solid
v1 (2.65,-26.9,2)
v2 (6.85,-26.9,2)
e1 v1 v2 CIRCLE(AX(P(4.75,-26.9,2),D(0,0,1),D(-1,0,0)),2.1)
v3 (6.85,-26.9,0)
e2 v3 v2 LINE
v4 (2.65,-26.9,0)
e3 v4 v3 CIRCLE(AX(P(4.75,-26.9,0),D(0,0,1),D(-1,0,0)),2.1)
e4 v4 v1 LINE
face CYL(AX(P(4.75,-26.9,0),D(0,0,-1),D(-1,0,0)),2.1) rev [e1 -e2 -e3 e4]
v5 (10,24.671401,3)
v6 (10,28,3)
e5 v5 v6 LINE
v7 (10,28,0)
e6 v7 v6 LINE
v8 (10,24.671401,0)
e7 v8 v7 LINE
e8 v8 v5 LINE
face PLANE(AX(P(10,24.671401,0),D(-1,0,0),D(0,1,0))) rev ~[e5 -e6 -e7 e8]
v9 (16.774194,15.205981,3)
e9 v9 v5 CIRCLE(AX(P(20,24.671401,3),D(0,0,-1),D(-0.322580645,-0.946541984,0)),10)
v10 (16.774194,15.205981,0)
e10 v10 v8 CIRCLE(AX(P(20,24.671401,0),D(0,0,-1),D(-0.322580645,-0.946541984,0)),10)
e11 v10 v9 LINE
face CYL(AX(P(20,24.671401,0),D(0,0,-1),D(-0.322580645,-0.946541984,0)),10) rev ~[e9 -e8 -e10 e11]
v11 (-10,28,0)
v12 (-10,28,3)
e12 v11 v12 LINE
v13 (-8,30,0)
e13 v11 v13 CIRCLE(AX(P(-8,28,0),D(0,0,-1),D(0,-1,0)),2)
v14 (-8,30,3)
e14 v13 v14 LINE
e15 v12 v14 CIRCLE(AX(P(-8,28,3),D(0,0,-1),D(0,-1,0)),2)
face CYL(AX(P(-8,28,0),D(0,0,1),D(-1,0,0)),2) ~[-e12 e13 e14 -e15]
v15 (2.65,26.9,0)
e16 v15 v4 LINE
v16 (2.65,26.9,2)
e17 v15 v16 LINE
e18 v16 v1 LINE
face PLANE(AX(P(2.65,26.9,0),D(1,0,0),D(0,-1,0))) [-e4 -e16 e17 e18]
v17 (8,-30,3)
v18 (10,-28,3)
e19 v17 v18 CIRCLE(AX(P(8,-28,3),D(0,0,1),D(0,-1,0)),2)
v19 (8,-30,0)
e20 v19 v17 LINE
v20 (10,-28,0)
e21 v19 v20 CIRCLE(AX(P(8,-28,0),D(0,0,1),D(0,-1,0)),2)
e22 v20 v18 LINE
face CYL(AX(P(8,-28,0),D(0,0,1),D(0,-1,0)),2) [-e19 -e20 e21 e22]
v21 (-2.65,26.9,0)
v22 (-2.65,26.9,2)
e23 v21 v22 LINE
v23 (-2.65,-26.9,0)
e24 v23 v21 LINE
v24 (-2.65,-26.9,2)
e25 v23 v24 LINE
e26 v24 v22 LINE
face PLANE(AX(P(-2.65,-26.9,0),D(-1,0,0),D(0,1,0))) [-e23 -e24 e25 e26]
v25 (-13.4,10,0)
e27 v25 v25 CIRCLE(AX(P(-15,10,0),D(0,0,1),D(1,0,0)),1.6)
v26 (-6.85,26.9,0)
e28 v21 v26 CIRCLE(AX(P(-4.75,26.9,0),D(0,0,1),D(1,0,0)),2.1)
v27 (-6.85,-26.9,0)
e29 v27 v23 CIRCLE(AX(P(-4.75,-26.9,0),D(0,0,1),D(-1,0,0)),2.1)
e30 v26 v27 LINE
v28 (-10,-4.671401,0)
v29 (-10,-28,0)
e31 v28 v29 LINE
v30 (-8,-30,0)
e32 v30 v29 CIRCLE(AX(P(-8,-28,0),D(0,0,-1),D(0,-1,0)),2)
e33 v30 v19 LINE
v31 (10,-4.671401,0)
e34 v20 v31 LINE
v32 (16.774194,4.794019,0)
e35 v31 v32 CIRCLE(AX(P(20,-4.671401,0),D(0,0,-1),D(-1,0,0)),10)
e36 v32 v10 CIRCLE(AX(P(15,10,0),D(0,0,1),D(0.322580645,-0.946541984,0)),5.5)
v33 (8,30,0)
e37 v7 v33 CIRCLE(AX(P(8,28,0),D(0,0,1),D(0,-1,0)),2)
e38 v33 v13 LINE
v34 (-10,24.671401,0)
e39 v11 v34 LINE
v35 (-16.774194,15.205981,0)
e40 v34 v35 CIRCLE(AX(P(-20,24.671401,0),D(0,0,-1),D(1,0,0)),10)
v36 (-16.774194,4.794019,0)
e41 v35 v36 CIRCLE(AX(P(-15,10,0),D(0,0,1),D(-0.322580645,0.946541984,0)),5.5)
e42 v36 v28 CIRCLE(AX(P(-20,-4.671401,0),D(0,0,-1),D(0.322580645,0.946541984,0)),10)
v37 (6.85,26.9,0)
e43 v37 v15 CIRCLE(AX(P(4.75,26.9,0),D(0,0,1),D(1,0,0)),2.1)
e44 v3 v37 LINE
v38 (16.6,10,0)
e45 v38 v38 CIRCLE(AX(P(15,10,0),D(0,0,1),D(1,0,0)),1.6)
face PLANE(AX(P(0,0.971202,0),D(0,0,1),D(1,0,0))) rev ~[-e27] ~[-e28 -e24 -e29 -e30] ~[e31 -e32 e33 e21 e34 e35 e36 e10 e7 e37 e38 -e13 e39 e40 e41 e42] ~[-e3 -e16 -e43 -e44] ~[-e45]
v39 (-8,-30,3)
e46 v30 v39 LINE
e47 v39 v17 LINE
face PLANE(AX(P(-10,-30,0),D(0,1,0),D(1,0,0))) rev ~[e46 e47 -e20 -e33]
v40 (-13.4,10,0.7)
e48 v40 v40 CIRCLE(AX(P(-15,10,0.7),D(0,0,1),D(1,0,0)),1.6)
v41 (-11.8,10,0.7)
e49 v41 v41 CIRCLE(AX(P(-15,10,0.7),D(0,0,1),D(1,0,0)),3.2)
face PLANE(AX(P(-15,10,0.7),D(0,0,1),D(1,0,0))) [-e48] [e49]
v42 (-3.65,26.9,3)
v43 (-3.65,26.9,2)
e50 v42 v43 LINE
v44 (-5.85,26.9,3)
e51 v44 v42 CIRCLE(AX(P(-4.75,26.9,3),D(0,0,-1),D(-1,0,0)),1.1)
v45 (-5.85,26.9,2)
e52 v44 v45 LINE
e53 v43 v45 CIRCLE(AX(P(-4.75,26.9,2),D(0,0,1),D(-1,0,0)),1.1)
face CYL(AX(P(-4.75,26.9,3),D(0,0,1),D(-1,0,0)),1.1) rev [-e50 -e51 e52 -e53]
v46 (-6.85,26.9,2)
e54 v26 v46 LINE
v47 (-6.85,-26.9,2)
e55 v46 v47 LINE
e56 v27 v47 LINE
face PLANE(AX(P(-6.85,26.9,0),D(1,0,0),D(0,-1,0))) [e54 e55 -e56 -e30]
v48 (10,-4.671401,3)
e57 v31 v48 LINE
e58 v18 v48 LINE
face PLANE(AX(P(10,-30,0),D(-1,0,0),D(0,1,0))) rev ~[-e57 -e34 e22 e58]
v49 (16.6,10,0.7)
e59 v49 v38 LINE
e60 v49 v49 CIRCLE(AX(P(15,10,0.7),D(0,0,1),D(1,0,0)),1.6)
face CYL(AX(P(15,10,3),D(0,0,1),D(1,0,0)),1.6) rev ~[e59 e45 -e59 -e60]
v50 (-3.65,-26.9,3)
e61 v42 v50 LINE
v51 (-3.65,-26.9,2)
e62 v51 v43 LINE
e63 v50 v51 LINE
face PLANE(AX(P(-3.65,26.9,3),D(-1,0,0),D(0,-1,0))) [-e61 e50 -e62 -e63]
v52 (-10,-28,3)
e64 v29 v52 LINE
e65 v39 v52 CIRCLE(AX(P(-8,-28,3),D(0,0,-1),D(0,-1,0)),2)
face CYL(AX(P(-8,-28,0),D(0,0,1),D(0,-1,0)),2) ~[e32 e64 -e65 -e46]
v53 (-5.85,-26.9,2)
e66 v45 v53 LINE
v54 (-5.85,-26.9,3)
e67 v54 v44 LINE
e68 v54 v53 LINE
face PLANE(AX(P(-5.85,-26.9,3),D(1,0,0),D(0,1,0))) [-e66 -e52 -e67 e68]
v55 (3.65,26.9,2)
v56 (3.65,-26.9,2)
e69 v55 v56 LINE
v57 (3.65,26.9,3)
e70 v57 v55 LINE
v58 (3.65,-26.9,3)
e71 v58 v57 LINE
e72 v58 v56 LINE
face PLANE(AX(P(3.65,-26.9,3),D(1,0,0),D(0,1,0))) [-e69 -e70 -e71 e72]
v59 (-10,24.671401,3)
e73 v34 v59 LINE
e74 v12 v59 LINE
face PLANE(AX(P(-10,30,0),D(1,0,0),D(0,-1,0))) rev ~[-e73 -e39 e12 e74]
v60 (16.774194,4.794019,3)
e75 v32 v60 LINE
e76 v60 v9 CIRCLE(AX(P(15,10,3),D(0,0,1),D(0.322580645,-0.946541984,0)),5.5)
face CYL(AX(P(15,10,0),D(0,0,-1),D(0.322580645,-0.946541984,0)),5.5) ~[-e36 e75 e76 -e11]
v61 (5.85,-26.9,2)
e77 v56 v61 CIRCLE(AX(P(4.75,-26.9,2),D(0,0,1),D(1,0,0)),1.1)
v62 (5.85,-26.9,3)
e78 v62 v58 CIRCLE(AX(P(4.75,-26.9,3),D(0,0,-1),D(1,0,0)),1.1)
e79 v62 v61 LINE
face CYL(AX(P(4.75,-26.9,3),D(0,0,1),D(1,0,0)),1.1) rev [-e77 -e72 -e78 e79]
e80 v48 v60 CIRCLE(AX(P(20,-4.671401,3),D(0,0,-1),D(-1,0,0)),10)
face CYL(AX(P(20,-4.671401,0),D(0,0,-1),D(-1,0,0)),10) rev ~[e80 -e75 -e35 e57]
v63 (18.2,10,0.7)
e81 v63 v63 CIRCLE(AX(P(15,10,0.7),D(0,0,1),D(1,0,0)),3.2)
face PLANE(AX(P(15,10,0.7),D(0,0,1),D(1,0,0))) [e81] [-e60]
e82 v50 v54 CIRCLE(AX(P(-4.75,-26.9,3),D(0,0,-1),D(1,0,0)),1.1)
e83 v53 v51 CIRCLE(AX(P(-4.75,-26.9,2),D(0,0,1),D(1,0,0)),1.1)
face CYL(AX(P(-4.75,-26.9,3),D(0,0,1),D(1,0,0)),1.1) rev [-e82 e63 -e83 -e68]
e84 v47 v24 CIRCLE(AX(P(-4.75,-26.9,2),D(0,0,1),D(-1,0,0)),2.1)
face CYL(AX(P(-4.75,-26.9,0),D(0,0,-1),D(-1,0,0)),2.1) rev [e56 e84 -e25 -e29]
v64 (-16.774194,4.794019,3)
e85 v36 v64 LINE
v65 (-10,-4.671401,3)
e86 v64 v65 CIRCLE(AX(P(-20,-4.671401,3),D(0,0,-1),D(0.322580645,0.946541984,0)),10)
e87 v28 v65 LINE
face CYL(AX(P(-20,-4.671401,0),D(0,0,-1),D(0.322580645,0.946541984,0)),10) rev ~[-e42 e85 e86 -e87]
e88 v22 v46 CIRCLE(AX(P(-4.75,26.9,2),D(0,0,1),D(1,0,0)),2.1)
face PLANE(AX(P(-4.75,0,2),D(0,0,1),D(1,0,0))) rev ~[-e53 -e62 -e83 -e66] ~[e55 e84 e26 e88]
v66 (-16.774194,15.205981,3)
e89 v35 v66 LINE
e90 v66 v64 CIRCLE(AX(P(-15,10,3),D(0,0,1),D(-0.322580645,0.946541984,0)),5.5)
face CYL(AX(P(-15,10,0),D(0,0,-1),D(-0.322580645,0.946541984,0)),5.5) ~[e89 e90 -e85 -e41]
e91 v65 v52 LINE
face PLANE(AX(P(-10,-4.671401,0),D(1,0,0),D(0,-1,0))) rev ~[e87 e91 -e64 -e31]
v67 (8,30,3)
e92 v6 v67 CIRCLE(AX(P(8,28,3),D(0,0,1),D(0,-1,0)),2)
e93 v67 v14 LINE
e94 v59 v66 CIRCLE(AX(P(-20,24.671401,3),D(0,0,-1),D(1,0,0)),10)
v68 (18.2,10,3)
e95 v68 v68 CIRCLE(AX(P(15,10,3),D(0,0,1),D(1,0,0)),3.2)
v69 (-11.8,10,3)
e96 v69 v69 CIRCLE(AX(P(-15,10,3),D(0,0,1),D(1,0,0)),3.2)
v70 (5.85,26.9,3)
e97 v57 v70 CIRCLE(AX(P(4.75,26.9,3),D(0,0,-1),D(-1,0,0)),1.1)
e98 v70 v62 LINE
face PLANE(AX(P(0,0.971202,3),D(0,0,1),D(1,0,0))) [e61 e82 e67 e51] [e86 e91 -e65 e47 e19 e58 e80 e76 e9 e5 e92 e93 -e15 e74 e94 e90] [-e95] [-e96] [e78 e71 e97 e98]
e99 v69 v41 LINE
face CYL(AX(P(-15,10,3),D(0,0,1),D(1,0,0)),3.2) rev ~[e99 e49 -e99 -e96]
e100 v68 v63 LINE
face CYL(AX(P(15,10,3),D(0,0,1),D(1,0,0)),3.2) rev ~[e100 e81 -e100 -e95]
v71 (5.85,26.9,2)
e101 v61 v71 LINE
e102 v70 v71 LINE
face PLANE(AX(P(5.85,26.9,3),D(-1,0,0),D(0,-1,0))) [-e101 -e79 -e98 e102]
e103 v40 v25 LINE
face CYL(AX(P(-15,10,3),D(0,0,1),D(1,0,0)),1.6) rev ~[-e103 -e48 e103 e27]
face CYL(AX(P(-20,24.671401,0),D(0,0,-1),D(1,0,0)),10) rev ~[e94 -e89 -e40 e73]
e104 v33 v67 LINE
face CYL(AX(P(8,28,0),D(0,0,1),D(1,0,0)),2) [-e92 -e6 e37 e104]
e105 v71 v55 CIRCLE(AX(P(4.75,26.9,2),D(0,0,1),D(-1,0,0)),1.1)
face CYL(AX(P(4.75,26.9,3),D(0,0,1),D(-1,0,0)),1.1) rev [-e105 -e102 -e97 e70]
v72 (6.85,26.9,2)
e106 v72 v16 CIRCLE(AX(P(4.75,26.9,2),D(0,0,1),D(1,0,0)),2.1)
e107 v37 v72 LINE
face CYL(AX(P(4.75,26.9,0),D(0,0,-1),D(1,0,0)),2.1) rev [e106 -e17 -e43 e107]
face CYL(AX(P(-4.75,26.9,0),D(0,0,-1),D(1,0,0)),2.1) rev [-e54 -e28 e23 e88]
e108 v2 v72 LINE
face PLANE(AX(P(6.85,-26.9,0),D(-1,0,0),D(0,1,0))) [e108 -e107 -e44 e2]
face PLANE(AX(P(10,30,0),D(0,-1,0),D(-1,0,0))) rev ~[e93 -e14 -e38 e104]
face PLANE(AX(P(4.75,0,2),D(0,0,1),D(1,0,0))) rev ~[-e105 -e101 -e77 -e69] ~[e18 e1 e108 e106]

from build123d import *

# Parameters (mm, degrees)
BOSS_EXTRUDE1_DEPTH = 3
SKETCH2_R           = 1.6
CUT_EXTRUDE1_DEPTH  = 37.458880948
SKETCH3_R           = 3.2
CUT_EXTRUDE2_DEPTH  = 2.3
CUT_EXTRUDE3_DEPTH  = 2
FILLET1_R           = 2


with BuildPart() as part:
    # Sketch1 → Boss-Extrude1 (new body)
    with BuildSketch(Plane.XY):
        with BuildLine():
            Line((-10, -30), (10, -30))
            Line((10, -30), (10, -4.671400751))
            ThreePointArc((10, -4.671400751), (11.868024086, 1.148476201), (16.774193548, 4.794019088))
            ThreePointArc((16.774193548, 4.794019088), (20.5, 10), (16.774193548, 15.205980912))
            ThreePointArc((16.774193548, 15.205980912), (11.868024086, 18.851523799), (10, 24.671400751))
            Line((10, 24.671400751), (10, 30))
            Line((10, 30), (-10, 30))
            Line((-10, 30), (-10, 24.671400751))
            ThreePointArc((-10, 24.671400751), (-11.868024086, 18.851523799), (-16.774193548, 15.205980912))
            ThreePointArc((-16.774193548, 15.205980912), (-20.5, 10), (-16.774193548, 4.794019088))
            ThreePointArc((-16.774193548, 4.794019088), (-11.868024086, 1.148476201), (-10, -4.671400751))
            Line((-10, -4.671400751), (-10, -30))
        make_face()
    extrude(amount=BOSS_EXTRUDE1_DEPTH)

    # Sketch2 → Cut-Extrude1 (cut, through all)
    with BuildSketch(Plane.XY.offset(3)):
        with Locations((-15, 10)):
            Circle(SKETCH2_R)
        with Locations((15, 10)):
            Circle(SKETCH2_R)
        with BuildLine():
            Line((-3.65, 26.9), (-3.65, -26.9))
            ThreePointArc((-3.65, -26.9), (-4.75, -28), (-5.85, -26.9))
            Line((-5.85, -26.9), (-5.85, 26.9))
            ThreePointArc((-5.85, 26.9), (-4.75, 28), (-3.65, 26.9))
        make_face()
        with BuildLine():
            Line((5.85, 26.9), (5.85, -26.9))
            ThreePointArc((5.85, -26.9), (4.75, -28), (3.65, -26.9))
            Line((3.65, -26.9), (3.65, 26.9))
            ThreePointArc((3.65, 26.9), (4.75, 28), (5.85, 26.9))
        make_face()
    extrude(amount=-CUT_EXTRUDE1_DEPTH, mode=Mode.SUBTRACT)

    # Sketch3 → Cut-Extrude2 (cut)
    with BuildSketch(Plane.XY.offset(3)):
        with Locations((-15, 10)):
            Circle(SKETCH3_R)
        with Locations((15, 10)):
            Circle(SKETCH3_R)
    extrude(amount=-CUT_EXTRUDE2_DEPTH, mode=Mode.SUBTRACT)

    # Sketch4 → Cut-Extrude3 (cut)
    with BuildSketch(Plane(origin=(0, 0, 0), x_dir=(-1, 0, 0), z_dir=(0, 0, -1))):
        with BuildLine():
            Line((-2.65, 26.9), (-2.65, -26.9))
            ThreePointArc((-2.65, -26.9), (-4.75, -29), (-6.85, -26.9))
            Line((-6.85, -26.9), (-6.85, 26.9))
            ThreePointArc((-6.85, 26.9), (-4.75, 29), (-2.65, 26.9))
        make_face()
        with BuildLine():
            Line((2.65, -26.9), (2.65, 26.9))
            ThreePointArc((2.65, 26.9), (4.75, 29), (6.85, 26.9))
            Line((6.85, 26.9), (6.85, -26.9))
            ThreePointArc((6.85, -26.9), (4.75, -29), (2.65, -26.9))
        make_face()
    extrude(amount=-CUT_EXTRUDE3_DEPTH, mode=Mode.SUBTRACT)

    # Fillet1
    fillet1_edges = [part.edges().sort_by_distance(p)[0] for p in [
        (10, -30, 1.5),
        (-10, -30, 1.5),
        (-10, 30, 1.5),
        (10, 30, 1.5),
    ]]
    fillet(fillet1_edges, radius=FILLET1_R)


solid = part.part
